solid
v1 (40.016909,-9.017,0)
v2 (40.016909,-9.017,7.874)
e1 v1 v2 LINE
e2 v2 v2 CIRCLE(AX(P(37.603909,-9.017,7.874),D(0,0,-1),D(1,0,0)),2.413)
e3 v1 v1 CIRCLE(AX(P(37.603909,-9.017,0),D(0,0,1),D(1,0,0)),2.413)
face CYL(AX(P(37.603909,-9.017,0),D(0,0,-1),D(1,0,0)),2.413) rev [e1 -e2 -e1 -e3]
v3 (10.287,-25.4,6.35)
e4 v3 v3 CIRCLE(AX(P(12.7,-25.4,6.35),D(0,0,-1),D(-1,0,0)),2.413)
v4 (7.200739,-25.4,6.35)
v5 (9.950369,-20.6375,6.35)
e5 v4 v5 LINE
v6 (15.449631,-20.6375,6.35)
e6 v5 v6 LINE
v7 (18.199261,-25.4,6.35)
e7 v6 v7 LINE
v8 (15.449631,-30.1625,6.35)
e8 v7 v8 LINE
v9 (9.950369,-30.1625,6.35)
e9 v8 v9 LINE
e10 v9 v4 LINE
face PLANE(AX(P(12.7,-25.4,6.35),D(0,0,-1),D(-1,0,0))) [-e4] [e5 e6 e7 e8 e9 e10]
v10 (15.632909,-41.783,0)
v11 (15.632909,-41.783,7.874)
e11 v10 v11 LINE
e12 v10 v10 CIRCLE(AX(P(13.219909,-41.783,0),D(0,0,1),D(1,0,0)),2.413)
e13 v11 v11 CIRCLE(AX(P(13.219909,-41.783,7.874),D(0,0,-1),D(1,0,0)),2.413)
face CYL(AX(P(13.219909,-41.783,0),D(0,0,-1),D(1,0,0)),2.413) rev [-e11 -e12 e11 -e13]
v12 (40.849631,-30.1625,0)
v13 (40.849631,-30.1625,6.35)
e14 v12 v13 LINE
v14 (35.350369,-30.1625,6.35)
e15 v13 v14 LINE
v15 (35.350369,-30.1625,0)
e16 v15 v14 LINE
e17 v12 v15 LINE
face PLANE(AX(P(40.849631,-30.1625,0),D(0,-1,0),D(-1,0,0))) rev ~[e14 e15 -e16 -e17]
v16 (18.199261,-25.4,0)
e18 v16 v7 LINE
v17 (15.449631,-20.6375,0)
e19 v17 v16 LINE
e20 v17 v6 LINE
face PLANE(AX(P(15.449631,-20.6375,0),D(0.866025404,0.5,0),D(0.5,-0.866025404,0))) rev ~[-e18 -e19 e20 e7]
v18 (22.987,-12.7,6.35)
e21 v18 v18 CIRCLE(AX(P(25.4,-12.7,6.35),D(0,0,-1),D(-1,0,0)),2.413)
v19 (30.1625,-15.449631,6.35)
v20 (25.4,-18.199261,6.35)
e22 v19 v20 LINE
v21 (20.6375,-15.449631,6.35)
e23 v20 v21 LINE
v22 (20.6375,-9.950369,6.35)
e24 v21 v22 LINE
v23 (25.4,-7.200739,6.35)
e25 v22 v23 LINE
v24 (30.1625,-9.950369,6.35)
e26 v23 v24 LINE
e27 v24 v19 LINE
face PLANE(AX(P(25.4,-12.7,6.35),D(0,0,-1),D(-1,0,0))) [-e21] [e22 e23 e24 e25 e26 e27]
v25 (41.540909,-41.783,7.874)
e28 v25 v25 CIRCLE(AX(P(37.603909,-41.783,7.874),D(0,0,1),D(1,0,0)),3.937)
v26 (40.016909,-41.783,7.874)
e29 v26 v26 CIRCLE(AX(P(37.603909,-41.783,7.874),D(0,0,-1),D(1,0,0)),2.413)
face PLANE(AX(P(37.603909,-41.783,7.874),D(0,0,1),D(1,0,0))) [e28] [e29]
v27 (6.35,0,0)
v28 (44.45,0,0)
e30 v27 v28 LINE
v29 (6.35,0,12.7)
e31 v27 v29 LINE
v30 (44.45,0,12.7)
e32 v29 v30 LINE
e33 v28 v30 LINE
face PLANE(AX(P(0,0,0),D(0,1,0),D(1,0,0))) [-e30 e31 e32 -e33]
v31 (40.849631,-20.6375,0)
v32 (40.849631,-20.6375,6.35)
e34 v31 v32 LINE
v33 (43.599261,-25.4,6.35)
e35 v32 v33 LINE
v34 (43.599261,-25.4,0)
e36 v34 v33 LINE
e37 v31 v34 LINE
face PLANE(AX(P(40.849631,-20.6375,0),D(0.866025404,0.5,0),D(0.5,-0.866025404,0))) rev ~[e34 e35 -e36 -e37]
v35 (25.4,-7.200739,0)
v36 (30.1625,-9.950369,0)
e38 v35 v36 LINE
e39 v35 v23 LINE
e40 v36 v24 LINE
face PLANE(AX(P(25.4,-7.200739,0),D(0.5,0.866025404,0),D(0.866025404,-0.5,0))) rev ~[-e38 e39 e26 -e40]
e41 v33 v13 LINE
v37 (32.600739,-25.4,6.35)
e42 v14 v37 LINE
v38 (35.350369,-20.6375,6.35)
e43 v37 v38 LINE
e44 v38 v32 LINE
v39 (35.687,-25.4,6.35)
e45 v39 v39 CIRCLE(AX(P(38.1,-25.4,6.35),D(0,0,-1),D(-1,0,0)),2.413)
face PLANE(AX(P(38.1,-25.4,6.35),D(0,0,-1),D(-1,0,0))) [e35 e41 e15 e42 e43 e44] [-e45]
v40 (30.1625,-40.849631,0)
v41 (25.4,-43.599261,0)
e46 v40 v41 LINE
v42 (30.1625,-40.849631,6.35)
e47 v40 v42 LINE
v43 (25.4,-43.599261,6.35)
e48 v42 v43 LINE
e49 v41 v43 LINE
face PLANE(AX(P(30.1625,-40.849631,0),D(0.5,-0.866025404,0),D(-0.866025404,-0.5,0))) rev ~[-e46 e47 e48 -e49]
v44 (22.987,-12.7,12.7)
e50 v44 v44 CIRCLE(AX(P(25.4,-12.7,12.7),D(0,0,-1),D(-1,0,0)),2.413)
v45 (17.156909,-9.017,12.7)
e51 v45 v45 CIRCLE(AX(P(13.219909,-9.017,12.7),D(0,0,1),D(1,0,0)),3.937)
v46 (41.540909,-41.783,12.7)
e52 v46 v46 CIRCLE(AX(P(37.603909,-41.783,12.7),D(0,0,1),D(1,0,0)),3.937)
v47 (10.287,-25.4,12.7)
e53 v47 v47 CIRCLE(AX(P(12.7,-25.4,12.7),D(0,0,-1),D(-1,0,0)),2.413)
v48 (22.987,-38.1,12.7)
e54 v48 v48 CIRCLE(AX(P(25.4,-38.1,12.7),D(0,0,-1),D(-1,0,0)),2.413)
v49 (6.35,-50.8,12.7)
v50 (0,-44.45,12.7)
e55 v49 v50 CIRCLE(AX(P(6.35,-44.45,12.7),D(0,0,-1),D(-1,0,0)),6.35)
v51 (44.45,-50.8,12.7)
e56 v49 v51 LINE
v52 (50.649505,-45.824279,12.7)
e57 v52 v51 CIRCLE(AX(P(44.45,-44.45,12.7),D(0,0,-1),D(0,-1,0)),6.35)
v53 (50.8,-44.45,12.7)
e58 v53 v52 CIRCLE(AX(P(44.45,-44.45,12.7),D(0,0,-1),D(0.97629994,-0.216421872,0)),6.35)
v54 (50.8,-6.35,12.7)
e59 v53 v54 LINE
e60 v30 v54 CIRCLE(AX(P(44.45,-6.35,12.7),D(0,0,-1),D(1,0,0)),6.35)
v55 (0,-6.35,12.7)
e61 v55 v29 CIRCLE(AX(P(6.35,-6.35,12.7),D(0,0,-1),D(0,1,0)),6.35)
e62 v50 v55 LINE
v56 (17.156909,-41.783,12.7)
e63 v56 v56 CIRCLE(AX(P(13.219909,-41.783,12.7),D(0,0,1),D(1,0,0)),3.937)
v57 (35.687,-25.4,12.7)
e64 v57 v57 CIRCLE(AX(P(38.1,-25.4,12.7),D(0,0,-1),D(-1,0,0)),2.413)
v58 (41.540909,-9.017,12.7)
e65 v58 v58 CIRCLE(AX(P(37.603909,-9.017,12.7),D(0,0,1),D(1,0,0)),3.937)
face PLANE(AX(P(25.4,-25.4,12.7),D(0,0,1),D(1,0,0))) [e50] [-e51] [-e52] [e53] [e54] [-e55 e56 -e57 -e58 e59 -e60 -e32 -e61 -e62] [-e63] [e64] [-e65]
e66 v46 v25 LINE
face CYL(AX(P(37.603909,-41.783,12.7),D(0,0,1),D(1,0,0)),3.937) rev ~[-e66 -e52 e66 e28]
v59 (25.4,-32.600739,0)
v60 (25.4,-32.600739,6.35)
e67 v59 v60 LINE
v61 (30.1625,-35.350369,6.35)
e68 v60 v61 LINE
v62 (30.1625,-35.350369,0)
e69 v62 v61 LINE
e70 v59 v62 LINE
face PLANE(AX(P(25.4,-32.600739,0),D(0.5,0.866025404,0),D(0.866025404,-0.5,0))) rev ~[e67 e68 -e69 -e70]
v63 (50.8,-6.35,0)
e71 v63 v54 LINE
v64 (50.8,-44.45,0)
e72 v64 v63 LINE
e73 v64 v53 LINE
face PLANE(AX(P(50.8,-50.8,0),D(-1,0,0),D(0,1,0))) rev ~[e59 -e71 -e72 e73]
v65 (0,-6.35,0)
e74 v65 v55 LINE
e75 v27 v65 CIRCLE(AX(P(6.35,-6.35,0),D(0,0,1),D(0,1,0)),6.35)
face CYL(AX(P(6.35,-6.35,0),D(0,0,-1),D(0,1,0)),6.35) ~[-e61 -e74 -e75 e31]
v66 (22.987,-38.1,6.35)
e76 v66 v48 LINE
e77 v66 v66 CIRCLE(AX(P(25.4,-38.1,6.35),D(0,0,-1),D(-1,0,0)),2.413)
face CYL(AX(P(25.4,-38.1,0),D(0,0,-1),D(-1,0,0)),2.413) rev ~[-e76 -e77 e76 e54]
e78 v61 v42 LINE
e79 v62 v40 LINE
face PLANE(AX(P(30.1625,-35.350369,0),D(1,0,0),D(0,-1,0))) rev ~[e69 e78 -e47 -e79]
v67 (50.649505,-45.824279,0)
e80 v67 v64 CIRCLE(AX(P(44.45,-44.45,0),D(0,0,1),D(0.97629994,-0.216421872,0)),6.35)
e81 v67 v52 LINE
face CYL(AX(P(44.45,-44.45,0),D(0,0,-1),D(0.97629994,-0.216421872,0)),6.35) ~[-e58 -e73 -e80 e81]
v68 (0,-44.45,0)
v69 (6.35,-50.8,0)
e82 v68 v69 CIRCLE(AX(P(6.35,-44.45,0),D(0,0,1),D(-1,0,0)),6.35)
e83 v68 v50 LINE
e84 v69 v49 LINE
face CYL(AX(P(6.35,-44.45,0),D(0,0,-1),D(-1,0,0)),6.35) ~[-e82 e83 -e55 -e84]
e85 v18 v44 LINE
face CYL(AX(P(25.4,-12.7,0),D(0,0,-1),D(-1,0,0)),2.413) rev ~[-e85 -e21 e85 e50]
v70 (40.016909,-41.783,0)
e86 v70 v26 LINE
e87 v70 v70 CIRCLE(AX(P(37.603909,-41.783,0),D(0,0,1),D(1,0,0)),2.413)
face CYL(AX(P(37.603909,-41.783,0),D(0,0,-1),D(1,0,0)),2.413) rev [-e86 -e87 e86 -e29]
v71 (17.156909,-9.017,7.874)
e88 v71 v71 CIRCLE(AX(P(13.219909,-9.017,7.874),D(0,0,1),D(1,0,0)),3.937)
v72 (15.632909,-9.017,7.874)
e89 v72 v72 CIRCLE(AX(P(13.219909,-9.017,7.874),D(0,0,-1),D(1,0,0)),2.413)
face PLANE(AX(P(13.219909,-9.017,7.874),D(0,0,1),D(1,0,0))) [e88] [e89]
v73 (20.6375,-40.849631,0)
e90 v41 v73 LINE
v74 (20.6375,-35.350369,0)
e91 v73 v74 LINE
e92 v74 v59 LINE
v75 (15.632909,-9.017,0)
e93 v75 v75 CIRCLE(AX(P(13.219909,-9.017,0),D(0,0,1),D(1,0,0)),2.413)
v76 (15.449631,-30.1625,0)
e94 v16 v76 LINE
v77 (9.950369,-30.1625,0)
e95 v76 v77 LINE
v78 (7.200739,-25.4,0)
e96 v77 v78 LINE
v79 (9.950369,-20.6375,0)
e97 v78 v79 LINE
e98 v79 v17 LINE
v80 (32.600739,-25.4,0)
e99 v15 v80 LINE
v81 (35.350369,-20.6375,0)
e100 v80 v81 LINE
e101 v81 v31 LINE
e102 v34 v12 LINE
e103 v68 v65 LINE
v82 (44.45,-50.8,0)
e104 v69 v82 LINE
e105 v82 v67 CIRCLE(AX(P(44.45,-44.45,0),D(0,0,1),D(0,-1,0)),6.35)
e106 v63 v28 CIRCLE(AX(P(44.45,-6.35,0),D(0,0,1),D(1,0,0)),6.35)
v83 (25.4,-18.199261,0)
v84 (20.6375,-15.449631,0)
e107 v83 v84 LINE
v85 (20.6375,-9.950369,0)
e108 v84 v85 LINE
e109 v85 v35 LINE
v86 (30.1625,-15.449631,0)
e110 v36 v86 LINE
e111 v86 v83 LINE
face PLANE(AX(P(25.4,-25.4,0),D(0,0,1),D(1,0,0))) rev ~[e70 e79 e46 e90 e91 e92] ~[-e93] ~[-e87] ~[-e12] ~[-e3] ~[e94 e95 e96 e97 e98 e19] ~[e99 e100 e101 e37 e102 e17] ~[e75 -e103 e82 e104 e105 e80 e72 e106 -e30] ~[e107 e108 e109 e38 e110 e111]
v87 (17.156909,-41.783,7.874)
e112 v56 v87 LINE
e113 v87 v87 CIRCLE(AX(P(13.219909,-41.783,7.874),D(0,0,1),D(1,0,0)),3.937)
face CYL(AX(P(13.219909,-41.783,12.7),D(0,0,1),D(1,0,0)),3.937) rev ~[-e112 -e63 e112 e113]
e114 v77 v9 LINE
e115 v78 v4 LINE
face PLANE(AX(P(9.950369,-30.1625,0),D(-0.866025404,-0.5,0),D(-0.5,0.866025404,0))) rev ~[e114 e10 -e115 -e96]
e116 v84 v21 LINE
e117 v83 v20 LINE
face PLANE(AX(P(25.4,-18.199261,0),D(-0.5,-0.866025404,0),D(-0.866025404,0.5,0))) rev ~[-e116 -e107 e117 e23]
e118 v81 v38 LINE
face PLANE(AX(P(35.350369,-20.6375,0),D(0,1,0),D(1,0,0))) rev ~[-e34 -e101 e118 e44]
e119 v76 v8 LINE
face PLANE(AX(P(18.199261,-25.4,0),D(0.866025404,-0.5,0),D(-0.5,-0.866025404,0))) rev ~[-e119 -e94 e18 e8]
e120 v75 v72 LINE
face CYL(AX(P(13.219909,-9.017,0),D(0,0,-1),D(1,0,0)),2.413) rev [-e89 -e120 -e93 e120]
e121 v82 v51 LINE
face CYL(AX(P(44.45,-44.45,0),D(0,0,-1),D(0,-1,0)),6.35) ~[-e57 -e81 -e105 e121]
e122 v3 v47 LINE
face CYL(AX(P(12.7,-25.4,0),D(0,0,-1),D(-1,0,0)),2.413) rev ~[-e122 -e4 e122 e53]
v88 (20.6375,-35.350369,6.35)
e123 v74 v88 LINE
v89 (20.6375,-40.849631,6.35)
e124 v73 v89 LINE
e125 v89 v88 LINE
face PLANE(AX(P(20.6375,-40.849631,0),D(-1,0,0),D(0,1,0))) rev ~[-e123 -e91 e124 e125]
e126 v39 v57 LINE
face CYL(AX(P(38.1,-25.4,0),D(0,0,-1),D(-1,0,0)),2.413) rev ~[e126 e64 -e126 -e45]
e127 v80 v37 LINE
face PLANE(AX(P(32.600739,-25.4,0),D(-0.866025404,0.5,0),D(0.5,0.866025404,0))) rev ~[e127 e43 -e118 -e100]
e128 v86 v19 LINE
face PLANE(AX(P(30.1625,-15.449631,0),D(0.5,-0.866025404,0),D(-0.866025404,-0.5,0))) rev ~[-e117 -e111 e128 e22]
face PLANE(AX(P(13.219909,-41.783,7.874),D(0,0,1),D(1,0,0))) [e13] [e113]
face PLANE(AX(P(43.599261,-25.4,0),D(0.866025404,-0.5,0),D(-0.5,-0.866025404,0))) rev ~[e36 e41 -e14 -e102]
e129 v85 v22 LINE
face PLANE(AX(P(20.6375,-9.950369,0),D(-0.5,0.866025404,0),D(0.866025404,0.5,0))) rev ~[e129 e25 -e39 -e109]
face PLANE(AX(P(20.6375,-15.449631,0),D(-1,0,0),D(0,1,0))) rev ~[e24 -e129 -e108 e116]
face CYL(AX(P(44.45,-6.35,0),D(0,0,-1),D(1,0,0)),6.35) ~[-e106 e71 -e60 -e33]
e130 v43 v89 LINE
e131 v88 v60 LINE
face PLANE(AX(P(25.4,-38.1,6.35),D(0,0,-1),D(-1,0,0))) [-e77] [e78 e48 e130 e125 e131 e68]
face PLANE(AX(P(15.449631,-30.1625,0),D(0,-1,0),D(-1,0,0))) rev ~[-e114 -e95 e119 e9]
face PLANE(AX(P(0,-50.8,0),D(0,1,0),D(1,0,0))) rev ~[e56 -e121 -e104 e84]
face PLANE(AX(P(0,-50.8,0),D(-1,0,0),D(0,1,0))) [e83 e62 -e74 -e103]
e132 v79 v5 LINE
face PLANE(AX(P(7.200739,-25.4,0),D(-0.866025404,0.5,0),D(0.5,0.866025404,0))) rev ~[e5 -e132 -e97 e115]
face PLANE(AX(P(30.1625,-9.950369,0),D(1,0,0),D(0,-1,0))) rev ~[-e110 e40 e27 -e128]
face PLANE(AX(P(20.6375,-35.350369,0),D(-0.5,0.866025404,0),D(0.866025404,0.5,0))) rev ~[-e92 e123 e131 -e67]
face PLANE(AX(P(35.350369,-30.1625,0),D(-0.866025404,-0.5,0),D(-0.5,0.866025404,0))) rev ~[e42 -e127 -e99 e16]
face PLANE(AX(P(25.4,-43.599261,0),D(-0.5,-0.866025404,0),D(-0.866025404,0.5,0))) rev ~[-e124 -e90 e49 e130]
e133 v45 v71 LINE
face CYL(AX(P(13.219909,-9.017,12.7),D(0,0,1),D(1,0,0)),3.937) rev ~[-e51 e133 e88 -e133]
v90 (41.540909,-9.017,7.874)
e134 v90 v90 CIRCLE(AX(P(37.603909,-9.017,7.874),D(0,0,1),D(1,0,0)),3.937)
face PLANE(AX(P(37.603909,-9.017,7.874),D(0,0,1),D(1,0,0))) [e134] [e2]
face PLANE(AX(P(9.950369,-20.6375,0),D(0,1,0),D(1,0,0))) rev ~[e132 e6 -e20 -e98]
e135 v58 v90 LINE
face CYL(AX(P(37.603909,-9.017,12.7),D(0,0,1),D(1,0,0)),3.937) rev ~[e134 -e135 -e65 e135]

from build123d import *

# Parameters (mm, degrees)
SKETCH1_W           = 50.8
SKETCH1_H           = 50.8
SKETCH1_R           = 2.413
BOSS_EXTRUDE1_DEPTH = 12.7
SKETCH2_R           = 2.413
CUT_EXTRUDE2_DEPTH  = 12.7
SKETCH7_R           = 2.413
CUT_EXTRUDE5_DEPTH  = 6.35
CUT_EXTRUDE6_DEPTH  = 73.955945611
SKETCH13_R          = 3.937
CUT_EXTRUDE7_DEPTH  = 4.826


with BuildPart() as part:
    # Sketch1 → Boss-Extrude1 (new body)
    with BuildSketch(Plane.XY):
        with Locations((25.4, -25.4)):
            Rectangle(SKETCH1_W, SKETCH1_H)
        with Locations((13.219909227, -9.017)):
            Circle(SKETCH1_R, mode=Mode.SUBTRACT)
        with Locations((37.603909227, -9.017)):
            Circle(SKETCH1_R, mode=Mode.SUBTRACT)
        with Locations((13.219909227, -41.783)):
            Circle(SKETCH1_R, mode=Mode.SUBTRACT)
        with Locations((37.603909227, -41.783)):
            Circle(SKETCH1_R, mode=Mode.SUBTRACT)
    extrude(amount=BOSS_EXTRUDE1_DEPTH)

    # Sketch2 → Cut-Extrude2 (cut)
    with BuildSketch(Plane(origin=(0, 0, 0), x_dir=(-1, 0, 0), z_dir=(0, 0, -1))):
        with Locations((-38.1, -25.4)):
            Circle(SKETCH2_R)
        with Locations((-25.4, -12.7)):
            Circle(SKETCH2_R)
        with Locations((-25.4, -38.1)):
            Circle(SKETCH2_R)
        with Locations((-12.7, -25.4)):
            Circle(SKETCH2_R)
    extrude(amount=-CUT_EXTRUDE2_DEPTH, mode=Mode.SUBTRACT)

    # Sketch7 → Cut-Extrude5 (cut)
    # profile 1 of 4: a face of its own
    with BuildSketch(Plane(origin=(0, 0, 0), x_dir=(-1, 0, 0), z_dir=(0, 0, -1))):
        Polygon((-20.6375, -40.849630657), (-20.6375, -35.350369343), (-25.4, -32.600738686), (-30.1625, -35.350369343), (-30.1625, -40.849630657), (-25.4, -43.599261314), align=None)
        with Locations((-25.4, -38.1)):
            Circle(SKETCH7_R, mode=Mode.SUBTRACT)
    # profile 2 of 4: a face of its own
    with BuildSketch(Plane(origin=(0, 0, 0), x_dir=(-1, 0, 0), z_dir=(0, 0, -1))):
        Polygon((-40.849630657, -30.1625), (-35.350369343, -30.1625), (-32.600738686, -25.4), (-35.350369343, -20.6375), (-40.849630657, -20.6375), (-43.599261314, -25.4), align=None)
        with Locations((-38.1, -25.4)):
            Circle(SKETCH7_R, mode=Mode.SUBTRACT)
    # profile 3 of 4: a face of its own
    with BuildSketch(Plane(origin=(0, 0, 0), x_dir=(-1, 0, 0), z_dir=(0, 0, -1))):
        Polygon((-9.950369343, -20.6375), (-15.449630657, -20.6375), (-18.199261314, -25.4), (-15.449630657, -30.1625), (-9.950369343, -30.1625), (-7.200738686, -25.4), align=None)
        with Locations((-12.7, -25.4)):
            Circle(SKETCH7_R, mode=Mode.SUBTRACT)
    # profile 4 of 4: a face of its own
    with BuildSketch(Plane(origin=(0, 0, 0), x_dir=(-1, 0, 0), z_dir=(0, 0, -1))):
        Polygon((-30.1625, -9.950369343), (-30.1625, -15.449630657), (-25.4, -18.199261314), (-20.6375, -15.449630657), (-20.6375, -9.950369343), (-25.4, -7.200738686), align=None)
        with Locations((-25.4, -12.7)):
            Circle(SKETCH7_R, mode=Mode.SUBTRACT)
    extrude(amount=-CUT_EXTRUDE5_DEPTH, mode=Mode.SUBTRACT)

    # Sketch10 → Cut-Extrude6 (cut, through all)
    with BuildSketch(Plane(origin=(0, 0, 0), x_dir=(-1, 0, 0), z_dir=(0, 0, -1))):
        with BuildLine():
            ThreePointArc((-50.8, -6.35), (-48.940128061, -1.859871939), (-44.45, 0))
            Line((-44.45, 0), (-50.8, 0))
            Line((-50.8, 0), (-50.8, -6.35))
        make_face()
        with BuildLine():
            Line((0, 0), (-6.35, 0))
            ThreePointArc((-6.35, 0), (-1.859871939, -1.859871939), (0, -6.35))
            Line((0, -6.35), (0, 0))
        make_face()
        with BuildLine():
            Line((0, -50.8), (0, -44.45))
            ThreePointArc((0, -44.45), (-1.859871939, -48.940128061), (-6.35, -50.8))
            Line((-6.35, -50.8), (0, -50.8))
        make_face()
        with BuildLine():
            ThreePointArc((-50.649504621, -45.824278884), (-50.762264029, -45.141247299), (-50.8, -44.45))
            Line((-50.8, -44.45), (-50.8, -50.8))
            Line((-50.8, -50.8), (-44.45, -50.8))
            ThreePointArc((-44.45, -50.8), (-48.424659047, -49.402230352), (-50.649504621, -45.824278884))
        make_face()
    extrude(amount=-CUT_EXTRUDE6_DEPTH, mode=Mode.SUBTRACT)

    # Sketch13 → Cut-Extrude7 (cut)
    with BuildSketch(Plane.XY.offset(12.7)):
        with Locations((37.603909227, -41.783)):
            Circle(SKETCH13_R)
        with Locations((13.219909227, -41.783)):
            Circle(SKETCH13_R)
        with Locations((37.603909227, -9.017)):
            Circle(SKETCH13_R)
        with Locations((13.219909227, -9.017)):
            Circle(SKETCH13_R)
    extrude(amount=-CUT_EXTRUDE7_DEPTH, mode=Mode.SUBTRACT)


solid = part.part
